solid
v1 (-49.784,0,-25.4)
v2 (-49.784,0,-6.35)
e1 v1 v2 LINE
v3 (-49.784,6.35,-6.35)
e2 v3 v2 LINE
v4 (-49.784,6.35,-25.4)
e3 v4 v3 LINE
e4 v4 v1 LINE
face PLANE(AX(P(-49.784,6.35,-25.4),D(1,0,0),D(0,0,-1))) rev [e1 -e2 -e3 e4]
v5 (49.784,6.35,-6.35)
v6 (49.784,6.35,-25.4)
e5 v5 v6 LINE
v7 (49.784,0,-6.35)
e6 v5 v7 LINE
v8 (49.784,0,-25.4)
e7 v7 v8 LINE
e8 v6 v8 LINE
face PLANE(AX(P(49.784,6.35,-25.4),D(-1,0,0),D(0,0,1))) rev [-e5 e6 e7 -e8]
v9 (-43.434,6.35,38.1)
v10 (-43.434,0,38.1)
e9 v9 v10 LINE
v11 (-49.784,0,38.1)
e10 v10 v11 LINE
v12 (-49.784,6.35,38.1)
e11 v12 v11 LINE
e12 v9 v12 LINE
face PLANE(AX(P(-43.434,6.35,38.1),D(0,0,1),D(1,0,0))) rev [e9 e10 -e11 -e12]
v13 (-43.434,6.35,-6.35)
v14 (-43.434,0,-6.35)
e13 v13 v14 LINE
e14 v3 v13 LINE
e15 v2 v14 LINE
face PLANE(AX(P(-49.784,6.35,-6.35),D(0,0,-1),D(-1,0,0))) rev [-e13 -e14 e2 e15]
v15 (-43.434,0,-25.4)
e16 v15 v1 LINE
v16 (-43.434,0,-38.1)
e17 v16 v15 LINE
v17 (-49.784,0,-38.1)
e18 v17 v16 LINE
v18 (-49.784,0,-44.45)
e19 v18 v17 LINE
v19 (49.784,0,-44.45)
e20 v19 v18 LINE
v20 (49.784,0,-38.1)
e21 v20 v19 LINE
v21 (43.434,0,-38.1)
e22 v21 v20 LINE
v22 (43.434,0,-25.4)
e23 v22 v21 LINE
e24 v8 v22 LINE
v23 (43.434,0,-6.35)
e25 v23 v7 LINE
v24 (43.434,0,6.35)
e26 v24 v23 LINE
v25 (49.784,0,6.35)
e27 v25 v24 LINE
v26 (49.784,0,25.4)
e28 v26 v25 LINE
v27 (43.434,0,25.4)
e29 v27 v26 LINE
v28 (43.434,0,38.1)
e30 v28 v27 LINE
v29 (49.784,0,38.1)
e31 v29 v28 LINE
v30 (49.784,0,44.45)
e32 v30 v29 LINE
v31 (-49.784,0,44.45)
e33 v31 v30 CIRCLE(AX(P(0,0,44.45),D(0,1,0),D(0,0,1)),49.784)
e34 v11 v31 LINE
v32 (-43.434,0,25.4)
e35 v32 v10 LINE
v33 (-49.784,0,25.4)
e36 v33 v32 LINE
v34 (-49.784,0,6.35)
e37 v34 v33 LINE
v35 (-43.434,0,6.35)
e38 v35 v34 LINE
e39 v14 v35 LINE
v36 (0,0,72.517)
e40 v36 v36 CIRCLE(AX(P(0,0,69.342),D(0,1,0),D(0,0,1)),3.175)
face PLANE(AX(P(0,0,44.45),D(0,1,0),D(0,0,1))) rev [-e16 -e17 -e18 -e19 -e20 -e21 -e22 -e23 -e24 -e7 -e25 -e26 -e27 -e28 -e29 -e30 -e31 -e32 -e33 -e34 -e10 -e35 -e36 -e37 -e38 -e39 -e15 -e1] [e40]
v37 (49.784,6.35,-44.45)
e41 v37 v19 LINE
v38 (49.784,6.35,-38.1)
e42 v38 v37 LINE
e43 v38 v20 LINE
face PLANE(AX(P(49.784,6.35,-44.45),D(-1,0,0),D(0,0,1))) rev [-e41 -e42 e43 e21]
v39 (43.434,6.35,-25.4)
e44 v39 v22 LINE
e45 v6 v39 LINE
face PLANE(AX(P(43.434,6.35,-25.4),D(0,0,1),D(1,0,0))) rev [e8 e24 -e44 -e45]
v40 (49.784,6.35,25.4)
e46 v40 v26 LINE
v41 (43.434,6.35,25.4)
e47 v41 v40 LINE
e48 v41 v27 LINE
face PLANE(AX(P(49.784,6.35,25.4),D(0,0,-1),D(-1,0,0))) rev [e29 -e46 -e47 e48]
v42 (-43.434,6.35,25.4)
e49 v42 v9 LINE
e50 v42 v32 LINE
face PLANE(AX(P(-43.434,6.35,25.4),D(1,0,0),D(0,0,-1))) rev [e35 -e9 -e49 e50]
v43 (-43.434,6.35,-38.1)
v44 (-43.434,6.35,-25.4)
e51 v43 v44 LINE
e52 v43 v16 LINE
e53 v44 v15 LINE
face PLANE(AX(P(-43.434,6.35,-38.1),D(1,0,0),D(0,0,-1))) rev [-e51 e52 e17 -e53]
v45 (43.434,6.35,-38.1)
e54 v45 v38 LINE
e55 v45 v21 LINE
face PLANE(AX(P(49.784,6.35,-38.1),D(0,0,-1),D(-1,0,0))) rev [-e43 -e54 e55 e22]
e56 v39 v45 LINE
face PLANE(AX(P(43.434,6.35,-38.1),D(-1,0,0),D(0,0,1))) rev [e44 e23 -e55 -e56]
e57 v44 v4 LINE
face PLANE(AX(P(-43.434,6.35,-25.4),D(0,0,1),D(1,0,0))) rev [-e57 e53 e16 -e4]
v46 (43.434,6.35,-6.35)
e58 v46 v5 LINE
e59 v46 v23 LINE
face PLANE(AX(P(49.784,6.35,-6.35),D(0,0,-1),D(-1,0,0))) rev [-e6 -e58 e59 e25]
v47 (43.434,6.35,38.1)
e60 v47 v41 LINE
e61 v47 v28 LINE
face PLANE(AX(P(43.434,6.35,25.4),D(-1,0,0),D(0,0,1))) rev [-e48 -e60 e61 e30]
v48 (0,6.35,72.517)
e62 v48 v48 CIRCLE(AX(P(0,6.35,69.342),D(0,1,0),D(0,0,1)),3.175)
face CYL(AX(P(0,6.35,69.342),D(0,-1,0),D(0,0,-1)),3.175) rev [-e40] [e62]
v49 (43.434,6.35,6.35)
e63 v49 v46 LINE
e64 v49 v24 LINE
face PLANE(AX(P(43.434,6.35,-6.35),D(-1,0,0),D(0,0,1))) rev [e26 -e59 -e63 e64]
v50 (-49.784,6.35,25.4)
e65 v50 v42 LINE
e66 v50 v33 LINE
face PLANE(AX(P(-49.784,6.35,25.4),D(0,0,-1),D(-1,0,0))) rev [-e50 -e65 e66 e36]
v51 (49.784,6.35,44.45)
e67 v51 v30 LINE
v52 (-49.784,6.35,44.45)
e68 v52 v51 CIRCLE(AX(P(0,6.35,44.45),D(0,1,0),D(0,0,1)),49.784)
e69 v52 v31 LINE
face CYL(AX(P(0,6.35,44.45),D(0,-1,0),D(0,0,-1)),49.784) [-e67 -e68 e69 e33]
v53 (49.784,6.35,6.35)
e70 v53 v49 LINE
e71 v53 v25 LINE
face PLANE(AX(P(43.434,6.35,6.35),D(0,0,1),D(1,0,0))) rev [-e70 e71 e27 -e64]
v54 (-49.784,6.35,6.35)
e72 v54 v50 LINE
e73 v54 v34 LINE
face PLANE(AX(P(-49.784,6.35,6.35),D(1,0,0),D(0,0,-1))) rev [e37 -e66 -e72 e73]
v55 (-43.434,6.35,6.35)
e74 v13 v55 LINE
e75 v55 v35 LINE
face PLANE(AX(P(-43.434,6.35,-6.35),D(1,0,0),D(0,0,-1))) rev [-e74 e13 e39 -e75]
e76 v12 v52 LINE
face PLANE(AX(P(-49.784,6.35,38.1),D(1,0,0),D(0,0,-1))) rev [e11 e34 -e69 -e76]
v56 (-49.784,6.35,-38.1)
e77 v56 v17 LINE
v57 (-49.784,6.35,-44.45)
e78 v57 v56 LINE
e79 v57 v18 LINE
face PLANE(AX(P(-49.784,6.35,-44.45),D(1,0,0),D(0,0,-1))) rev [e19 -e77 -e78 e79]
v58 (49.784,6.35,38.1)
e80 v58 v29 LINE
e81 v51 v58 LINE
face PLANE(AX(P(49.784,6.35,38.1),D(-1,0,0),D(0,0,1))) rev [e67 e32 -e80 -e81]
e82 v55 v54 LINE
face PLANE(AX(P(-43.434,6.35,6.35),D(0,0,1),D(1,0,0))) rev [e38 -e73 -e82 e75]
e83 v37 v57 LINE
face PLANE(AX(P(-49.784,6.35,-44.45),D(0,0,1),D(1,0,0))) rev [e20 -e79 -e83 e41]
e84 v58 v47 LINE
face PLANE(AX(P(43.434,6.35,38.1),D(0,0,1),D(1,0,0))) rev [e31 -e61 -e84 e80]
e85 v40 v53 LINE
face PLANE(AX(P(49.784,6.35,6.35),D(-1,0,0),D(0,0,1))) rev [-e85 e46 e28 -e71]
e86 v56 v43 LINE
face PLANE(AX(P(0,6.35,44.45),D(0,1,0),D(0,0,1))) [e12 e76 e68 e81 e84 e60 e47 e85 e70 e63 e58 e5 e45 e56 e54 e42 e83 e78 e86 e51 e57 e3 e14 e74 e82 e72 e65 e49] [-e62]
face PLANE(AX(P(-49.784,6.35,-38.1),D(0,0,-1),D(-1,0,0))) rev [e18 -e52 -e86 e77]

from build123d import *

# Parameters (mm, degrees)
SKETCH1_R           = 3.175
BOSS_EXTRUDE1_DEPTH = 6.35


with BuildPart() as part:
    # Sketch1 → Boss-Extrude1 (new body)
    with BuildSketch(Plane(origin=(0, 0, 0), x_dir=(1, 0, 0), z_dir=(0, 1, 0))):
        with BuildLine():
            Line((-49.784, 44.45), (49.784, 44.45))
            Line((49.784, 44.45), (49.784, 38.1))
            Line((49.784, 38.1), (43.434, 38.1))
            Line((43.434, 38.1), (43.434, 25.4))
            Line((43.434, 25.4), (49.784, 25.4))
            Line((49.784, 25.4), (49.784, 6.35))
            Line((49.784, 6.35), (43.434, 6.35))
            Line((43.434, 6.35), (43.434, -6.35))
            Line((43.434, -6.35), (49.784, -6.35))
            Line((49.784, -6.35), (49.784, -25.4))
            Line((49.784, -25.4), (43.434, -25.4))
            Line((43.434, -25.4), (43.434, -38.1))
            Line((43.434, -38.1), (49.784, -38.1))
            Line((49.784, -38.1), (49.784, -44.45))
            ThreePointArc((49.784, -44.45), (0, -94.234), (-49.784, -44.45))
            Line((-49.784, -44.45), (-49.784, -38.1))
            Line((-49.784, -38.1), (-43.434, -38.1))
            Line((-43.434, -38.1), (-43.434, -25.4))
            Line((-43.434, -25.4), (-49.784, -25.4))
            Line((-49.784, -25.4), (-49.784, -6.35))
            Line((-49.784, -6.35), (-43.434, -6.35))
            Line((-43.434, -6.35), (-43.434, 6.35))
            Line((-43.434, 6.35), (-49.784, 6.35))
            Line((-49.784, 6.35), (-49.784, 25.4))
            Line((-49.784, 25.4), (-43.434, 25.4))
            Line((-43.434, 25.4), (-43.434, 38.1))
            Line((-43.434, 38.1), (-49.784, 38.1))
            Line((-49.784, 38.1), (-49.784, 44.45))
        make_face()
        with Locations((0, -69.342)):
            Circle(SKETCH1_R, mode=Mode.SUBTRACT)
    extrude(amount=BOSS_EXTRUDE1_DEPTH)


solid = part.part
